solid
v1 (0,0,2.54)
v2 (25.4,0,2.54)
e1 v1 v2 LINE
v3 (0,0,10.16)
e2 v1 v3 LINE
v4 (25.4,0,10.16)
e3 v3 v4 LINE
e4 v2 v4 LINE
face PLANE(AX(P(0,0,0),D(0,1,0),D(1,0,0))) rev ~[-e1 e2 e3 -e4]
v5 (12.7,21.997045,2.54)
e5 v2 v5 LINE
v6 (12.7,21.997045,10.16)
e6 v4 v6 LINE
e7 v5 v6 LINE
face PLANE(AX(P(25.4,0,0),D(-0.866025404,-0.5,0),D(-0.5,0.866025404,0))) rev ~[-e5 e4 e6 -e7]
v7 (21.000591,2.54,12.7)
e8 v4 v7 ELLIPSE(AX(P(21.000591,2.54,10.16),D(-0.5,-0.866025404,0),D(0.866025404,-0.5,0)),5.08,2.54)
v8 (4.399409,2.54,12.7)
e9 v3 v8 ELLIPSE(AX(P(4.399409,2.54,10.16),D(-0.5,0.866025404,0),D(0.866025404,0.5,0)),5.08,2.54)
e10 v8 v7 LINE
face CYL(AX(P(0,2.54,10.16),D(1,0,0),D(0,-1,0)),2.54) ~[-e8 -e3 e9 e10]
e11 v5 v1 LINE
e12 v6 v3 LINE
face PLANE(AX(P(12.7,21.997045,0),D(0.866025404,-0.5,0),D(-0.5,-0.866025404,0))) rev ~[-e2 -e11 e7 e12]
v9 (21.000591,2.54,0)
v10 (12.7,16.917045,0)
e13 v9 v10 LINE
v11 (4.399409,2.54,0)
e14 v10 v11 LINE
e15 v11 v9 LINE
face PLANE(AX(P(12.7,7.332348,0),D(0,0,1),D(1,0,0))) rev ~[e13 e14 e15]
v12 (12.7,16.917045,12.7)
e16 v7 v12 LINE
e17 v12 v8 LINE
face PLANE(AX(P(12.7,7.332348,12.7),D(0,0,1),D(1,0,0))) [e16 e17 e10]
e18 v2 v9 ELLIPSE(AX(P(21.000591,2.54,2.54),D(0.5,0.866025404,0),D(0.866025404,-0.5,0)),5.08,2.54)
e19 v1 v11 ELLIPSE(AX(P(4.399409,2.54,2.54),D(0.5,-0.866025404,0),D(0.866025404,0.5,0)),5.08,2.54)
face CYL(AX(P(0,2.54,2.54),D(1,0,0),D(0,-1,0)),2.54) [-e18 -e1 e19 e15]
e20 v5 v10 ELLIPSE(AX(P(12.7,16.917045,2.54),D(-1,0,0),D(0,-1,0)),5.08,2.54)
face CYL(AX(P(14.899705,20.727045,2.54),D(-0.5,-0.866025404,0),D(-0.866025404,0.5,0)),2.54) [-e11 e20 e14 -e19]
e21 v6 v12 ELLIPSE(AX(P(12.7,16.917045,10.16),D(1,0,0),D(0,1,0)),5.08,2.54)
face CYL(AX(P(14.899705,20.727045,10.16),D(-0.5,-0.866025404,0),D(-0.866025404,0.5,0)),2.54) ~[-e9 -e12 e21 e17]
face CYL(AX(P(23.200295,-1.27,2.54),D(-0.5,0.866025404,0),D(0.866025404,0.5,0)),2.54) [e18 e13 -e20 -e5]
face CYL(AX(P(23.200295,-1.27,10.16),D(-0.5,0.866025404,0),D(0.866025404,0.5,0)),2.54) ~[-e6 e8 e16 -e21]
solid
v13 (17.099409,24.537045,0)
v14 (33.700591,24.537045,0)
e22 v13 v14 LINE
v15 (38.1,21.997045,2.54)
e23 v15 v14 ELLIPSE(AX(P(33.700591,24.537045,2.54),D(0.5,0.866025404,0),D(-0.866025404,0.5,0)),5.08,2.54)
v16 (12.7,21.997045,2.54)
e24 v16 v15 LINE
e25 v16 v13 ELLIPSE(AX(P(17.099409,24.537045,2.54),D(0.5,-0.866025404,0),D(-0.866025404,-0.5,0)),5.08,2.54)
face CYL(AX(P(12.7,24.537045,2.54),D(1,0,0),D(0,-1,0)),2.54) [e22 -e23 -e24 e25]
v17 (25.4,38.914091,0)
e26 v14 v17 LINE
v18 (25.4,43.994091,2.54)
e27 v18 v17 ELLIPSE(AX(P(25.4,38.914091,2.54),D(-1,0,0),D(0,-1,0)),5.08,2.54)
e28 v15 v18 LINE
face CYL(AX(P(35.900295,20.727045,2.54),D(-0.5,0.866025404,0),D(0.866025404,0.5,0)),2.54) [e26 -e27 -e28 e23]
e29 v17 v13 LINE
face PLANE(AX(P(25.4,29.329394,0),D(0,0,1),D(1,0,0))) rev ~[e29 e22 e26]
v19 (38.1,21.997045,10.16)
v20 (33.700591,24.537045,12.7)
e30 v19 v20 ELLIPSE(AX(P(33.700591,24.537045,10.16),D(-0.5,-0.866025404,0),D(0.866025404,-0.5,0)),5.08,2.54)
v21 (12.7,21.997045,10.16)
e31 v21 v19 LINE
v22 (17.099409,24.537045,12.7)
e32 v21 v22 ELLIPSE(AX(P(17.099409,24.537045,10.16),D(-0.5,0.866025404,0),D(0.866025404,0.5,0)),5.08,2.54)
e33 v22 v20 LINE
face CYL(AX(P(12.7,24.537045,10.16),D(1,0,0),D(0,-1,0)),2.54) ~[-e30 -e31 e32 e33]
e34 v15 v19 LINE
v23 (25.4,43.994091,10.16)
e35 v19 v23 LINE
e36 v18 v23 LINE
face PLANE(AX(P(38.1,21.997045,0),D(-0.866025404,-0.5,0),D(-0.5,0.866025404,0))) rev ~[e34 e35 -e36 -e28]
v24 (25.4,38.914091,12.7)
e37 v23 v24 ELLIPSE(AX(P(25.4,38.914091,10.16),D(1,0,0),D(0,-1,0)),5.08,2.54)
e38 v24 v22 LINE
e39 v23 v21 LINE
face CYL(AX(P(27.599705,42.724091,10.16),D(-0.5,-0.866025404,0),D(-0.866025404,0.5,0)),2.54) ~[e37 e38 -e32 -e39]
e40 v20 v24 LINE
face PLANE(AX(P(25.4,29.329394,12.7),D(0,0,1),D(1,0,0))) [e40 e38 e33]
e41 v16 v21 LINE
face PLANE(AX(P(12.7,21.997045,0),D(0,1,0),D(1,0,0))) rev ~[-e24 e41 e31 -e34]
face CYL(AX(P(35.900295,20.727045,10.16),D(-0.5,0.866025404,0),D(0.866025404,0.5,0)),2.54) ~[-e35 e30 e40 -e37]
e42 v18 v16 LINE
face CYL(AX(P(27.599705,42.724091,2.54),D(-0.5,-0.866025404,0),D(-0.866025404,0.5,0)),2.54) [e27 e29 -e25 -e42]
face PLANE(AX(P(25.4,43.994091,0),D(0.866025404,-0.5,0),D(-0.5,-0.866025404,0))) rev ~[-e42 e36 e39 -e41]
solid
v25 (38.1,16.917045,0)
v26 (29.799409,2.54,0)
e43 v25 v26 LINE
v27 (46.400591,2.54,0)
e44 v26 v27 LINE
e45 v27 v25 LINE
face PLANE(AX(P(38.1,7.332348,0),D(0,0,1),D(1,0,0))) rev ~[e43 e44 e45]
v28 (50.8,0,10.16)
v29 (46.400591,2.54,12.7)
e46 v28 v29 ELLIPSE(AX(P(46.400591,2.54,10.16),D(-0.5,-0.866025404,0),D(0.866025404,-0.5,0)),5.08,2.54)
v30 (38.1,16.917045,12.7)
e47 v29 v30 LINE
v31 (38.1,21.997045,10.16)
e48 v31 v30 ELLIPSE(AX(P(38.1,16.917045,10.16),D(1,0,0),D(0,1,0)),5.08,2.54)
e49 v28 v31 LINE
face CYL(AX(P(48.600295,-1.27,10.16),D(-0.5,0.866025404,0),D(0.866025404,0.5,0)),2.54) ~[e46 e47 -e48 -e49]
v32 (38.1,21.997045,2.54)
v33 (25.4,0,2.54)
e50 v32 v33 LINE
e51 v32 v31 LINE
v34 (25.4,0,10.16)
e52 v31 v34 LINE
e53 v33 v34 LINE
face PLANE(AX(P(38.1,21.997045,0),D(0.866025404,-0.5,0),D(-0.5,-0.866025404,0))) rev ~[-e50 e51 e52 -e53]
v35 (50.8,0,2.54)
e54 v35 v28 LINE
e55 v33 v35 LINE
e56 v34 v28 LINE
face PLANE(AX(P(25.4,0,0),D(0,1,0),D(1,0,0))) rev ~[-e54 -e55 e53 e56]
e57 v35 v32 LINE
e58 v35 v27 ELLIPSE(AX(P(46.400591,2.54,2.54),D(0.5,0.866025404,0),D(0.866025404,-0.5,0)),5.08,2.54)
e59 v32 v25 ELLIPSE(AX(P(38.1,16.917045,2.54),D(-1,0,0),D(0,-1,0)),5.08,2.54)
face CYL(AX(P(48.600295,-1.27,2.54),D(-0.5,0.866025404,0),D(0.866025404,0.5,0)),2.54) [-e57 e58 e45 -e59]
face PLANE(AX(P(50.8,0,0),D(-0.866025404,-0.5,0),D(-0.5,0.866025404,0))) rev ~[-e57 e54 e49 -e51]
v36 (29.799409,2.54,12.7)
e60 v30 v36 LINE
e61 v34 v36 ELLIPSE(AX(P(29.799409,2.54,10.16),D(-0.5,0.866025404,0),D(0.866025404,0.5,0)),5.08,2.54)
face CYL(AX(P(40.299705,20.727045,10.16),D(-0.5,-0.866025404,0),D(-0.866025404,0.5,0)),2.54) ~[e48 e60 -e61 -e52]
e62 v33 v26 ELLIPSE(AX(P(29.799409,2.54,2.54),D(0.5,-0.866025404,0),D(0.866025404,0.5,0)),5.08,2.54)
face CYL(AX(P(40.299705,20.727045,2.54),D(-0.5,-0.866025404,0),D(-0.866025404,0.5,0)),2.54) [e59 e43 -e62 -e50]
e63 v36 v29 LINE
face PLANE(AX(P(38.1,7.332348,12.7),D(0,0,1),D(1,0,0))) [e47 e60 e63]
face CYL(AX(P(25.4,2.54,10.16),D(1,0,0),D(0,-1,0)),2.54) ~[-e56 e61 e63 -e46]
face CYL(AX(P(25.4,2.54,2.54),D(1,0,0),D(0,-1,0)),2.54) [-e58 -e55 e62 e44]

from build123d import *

# Parameters (mm, degrees)
F1_DEPTH = 12.7
F2_R     = 2.54
F2_2_R   = 2.54
F2_3_R   = 2.54


with BuildPart() as f1:
    # F0 (on Top) → F1 (new body)
    with BuildSketch(Plane.XY):
        Polygon((25.4, 43.9940905122), (12.7, 21.9970452561), (38.1, 21.9970452561), align=None)
    extrude(amount=F1_DEPTH)

    # F2#3
    f2_3_edges = [f1.edges().sort_by_distance(p)[0] for p in [
        (25.4, 21.997045, 12.7),
        (19.05, 32.995568, 12.7),
        (31.75, 32.995568, 12.7),
        (19.05, 32.995568, 0),
        (31.75, 32.995568, 0),
        (25.4, 21.997045, 0),
    ]]
    fillet(f2_3_edges, radius=F2_3_R)


with BuildPart() as f1b:
    # F0 (on Top) → F1, piece 2 (new body)
    with BuildSketch(Plane.XY):
        Polygon((12.7, 21.9970452561), (0, 0), (25.4, 0), align=None)
    extrude(amount=F1_DEPTH)

    # F2#2
    f2_2_edges = [f1b.edges().sort_by_distance(p)[0] for p in [
        (12.7, 0, 12.7),
        (19.05, 10.998523, 12.7),
        (6.35, 10.998523, 12.7),
        (12.7, 0, 0),
        (6.35, 10.998523, 0),
        (19.05, 10.998523, 0),
    ]]
    fillet(f2_2_edges, radius=F2_2_R)


with BuildPart() as f1c:
    # F0 (on Top) → F1, piece 3 (new body)
    with BuildSketch(Plane.XY):
        Polygon((38.1, 21.9970452561), (25.4, 0), (50.8, 0), align=None)
    extrude(amount=F1_DEPTH)

    # F2
    f2_edges = [f1c.edges().sort_by_distance(p)[0] for p in [
        (38.1, 0, 12.7),
        (44.45, 10.998523, 12.7),
        (38.1, 0, 0),
        (31.75, 10.998523, 0),
        (31.75, 10.998523, 12.7),
        (44.45, 10.998523, 0),
    ]]
    fillet(f2_edges, radius=F2_R)


solid = Compound([f1.part, f1b.part, f1c.part])
